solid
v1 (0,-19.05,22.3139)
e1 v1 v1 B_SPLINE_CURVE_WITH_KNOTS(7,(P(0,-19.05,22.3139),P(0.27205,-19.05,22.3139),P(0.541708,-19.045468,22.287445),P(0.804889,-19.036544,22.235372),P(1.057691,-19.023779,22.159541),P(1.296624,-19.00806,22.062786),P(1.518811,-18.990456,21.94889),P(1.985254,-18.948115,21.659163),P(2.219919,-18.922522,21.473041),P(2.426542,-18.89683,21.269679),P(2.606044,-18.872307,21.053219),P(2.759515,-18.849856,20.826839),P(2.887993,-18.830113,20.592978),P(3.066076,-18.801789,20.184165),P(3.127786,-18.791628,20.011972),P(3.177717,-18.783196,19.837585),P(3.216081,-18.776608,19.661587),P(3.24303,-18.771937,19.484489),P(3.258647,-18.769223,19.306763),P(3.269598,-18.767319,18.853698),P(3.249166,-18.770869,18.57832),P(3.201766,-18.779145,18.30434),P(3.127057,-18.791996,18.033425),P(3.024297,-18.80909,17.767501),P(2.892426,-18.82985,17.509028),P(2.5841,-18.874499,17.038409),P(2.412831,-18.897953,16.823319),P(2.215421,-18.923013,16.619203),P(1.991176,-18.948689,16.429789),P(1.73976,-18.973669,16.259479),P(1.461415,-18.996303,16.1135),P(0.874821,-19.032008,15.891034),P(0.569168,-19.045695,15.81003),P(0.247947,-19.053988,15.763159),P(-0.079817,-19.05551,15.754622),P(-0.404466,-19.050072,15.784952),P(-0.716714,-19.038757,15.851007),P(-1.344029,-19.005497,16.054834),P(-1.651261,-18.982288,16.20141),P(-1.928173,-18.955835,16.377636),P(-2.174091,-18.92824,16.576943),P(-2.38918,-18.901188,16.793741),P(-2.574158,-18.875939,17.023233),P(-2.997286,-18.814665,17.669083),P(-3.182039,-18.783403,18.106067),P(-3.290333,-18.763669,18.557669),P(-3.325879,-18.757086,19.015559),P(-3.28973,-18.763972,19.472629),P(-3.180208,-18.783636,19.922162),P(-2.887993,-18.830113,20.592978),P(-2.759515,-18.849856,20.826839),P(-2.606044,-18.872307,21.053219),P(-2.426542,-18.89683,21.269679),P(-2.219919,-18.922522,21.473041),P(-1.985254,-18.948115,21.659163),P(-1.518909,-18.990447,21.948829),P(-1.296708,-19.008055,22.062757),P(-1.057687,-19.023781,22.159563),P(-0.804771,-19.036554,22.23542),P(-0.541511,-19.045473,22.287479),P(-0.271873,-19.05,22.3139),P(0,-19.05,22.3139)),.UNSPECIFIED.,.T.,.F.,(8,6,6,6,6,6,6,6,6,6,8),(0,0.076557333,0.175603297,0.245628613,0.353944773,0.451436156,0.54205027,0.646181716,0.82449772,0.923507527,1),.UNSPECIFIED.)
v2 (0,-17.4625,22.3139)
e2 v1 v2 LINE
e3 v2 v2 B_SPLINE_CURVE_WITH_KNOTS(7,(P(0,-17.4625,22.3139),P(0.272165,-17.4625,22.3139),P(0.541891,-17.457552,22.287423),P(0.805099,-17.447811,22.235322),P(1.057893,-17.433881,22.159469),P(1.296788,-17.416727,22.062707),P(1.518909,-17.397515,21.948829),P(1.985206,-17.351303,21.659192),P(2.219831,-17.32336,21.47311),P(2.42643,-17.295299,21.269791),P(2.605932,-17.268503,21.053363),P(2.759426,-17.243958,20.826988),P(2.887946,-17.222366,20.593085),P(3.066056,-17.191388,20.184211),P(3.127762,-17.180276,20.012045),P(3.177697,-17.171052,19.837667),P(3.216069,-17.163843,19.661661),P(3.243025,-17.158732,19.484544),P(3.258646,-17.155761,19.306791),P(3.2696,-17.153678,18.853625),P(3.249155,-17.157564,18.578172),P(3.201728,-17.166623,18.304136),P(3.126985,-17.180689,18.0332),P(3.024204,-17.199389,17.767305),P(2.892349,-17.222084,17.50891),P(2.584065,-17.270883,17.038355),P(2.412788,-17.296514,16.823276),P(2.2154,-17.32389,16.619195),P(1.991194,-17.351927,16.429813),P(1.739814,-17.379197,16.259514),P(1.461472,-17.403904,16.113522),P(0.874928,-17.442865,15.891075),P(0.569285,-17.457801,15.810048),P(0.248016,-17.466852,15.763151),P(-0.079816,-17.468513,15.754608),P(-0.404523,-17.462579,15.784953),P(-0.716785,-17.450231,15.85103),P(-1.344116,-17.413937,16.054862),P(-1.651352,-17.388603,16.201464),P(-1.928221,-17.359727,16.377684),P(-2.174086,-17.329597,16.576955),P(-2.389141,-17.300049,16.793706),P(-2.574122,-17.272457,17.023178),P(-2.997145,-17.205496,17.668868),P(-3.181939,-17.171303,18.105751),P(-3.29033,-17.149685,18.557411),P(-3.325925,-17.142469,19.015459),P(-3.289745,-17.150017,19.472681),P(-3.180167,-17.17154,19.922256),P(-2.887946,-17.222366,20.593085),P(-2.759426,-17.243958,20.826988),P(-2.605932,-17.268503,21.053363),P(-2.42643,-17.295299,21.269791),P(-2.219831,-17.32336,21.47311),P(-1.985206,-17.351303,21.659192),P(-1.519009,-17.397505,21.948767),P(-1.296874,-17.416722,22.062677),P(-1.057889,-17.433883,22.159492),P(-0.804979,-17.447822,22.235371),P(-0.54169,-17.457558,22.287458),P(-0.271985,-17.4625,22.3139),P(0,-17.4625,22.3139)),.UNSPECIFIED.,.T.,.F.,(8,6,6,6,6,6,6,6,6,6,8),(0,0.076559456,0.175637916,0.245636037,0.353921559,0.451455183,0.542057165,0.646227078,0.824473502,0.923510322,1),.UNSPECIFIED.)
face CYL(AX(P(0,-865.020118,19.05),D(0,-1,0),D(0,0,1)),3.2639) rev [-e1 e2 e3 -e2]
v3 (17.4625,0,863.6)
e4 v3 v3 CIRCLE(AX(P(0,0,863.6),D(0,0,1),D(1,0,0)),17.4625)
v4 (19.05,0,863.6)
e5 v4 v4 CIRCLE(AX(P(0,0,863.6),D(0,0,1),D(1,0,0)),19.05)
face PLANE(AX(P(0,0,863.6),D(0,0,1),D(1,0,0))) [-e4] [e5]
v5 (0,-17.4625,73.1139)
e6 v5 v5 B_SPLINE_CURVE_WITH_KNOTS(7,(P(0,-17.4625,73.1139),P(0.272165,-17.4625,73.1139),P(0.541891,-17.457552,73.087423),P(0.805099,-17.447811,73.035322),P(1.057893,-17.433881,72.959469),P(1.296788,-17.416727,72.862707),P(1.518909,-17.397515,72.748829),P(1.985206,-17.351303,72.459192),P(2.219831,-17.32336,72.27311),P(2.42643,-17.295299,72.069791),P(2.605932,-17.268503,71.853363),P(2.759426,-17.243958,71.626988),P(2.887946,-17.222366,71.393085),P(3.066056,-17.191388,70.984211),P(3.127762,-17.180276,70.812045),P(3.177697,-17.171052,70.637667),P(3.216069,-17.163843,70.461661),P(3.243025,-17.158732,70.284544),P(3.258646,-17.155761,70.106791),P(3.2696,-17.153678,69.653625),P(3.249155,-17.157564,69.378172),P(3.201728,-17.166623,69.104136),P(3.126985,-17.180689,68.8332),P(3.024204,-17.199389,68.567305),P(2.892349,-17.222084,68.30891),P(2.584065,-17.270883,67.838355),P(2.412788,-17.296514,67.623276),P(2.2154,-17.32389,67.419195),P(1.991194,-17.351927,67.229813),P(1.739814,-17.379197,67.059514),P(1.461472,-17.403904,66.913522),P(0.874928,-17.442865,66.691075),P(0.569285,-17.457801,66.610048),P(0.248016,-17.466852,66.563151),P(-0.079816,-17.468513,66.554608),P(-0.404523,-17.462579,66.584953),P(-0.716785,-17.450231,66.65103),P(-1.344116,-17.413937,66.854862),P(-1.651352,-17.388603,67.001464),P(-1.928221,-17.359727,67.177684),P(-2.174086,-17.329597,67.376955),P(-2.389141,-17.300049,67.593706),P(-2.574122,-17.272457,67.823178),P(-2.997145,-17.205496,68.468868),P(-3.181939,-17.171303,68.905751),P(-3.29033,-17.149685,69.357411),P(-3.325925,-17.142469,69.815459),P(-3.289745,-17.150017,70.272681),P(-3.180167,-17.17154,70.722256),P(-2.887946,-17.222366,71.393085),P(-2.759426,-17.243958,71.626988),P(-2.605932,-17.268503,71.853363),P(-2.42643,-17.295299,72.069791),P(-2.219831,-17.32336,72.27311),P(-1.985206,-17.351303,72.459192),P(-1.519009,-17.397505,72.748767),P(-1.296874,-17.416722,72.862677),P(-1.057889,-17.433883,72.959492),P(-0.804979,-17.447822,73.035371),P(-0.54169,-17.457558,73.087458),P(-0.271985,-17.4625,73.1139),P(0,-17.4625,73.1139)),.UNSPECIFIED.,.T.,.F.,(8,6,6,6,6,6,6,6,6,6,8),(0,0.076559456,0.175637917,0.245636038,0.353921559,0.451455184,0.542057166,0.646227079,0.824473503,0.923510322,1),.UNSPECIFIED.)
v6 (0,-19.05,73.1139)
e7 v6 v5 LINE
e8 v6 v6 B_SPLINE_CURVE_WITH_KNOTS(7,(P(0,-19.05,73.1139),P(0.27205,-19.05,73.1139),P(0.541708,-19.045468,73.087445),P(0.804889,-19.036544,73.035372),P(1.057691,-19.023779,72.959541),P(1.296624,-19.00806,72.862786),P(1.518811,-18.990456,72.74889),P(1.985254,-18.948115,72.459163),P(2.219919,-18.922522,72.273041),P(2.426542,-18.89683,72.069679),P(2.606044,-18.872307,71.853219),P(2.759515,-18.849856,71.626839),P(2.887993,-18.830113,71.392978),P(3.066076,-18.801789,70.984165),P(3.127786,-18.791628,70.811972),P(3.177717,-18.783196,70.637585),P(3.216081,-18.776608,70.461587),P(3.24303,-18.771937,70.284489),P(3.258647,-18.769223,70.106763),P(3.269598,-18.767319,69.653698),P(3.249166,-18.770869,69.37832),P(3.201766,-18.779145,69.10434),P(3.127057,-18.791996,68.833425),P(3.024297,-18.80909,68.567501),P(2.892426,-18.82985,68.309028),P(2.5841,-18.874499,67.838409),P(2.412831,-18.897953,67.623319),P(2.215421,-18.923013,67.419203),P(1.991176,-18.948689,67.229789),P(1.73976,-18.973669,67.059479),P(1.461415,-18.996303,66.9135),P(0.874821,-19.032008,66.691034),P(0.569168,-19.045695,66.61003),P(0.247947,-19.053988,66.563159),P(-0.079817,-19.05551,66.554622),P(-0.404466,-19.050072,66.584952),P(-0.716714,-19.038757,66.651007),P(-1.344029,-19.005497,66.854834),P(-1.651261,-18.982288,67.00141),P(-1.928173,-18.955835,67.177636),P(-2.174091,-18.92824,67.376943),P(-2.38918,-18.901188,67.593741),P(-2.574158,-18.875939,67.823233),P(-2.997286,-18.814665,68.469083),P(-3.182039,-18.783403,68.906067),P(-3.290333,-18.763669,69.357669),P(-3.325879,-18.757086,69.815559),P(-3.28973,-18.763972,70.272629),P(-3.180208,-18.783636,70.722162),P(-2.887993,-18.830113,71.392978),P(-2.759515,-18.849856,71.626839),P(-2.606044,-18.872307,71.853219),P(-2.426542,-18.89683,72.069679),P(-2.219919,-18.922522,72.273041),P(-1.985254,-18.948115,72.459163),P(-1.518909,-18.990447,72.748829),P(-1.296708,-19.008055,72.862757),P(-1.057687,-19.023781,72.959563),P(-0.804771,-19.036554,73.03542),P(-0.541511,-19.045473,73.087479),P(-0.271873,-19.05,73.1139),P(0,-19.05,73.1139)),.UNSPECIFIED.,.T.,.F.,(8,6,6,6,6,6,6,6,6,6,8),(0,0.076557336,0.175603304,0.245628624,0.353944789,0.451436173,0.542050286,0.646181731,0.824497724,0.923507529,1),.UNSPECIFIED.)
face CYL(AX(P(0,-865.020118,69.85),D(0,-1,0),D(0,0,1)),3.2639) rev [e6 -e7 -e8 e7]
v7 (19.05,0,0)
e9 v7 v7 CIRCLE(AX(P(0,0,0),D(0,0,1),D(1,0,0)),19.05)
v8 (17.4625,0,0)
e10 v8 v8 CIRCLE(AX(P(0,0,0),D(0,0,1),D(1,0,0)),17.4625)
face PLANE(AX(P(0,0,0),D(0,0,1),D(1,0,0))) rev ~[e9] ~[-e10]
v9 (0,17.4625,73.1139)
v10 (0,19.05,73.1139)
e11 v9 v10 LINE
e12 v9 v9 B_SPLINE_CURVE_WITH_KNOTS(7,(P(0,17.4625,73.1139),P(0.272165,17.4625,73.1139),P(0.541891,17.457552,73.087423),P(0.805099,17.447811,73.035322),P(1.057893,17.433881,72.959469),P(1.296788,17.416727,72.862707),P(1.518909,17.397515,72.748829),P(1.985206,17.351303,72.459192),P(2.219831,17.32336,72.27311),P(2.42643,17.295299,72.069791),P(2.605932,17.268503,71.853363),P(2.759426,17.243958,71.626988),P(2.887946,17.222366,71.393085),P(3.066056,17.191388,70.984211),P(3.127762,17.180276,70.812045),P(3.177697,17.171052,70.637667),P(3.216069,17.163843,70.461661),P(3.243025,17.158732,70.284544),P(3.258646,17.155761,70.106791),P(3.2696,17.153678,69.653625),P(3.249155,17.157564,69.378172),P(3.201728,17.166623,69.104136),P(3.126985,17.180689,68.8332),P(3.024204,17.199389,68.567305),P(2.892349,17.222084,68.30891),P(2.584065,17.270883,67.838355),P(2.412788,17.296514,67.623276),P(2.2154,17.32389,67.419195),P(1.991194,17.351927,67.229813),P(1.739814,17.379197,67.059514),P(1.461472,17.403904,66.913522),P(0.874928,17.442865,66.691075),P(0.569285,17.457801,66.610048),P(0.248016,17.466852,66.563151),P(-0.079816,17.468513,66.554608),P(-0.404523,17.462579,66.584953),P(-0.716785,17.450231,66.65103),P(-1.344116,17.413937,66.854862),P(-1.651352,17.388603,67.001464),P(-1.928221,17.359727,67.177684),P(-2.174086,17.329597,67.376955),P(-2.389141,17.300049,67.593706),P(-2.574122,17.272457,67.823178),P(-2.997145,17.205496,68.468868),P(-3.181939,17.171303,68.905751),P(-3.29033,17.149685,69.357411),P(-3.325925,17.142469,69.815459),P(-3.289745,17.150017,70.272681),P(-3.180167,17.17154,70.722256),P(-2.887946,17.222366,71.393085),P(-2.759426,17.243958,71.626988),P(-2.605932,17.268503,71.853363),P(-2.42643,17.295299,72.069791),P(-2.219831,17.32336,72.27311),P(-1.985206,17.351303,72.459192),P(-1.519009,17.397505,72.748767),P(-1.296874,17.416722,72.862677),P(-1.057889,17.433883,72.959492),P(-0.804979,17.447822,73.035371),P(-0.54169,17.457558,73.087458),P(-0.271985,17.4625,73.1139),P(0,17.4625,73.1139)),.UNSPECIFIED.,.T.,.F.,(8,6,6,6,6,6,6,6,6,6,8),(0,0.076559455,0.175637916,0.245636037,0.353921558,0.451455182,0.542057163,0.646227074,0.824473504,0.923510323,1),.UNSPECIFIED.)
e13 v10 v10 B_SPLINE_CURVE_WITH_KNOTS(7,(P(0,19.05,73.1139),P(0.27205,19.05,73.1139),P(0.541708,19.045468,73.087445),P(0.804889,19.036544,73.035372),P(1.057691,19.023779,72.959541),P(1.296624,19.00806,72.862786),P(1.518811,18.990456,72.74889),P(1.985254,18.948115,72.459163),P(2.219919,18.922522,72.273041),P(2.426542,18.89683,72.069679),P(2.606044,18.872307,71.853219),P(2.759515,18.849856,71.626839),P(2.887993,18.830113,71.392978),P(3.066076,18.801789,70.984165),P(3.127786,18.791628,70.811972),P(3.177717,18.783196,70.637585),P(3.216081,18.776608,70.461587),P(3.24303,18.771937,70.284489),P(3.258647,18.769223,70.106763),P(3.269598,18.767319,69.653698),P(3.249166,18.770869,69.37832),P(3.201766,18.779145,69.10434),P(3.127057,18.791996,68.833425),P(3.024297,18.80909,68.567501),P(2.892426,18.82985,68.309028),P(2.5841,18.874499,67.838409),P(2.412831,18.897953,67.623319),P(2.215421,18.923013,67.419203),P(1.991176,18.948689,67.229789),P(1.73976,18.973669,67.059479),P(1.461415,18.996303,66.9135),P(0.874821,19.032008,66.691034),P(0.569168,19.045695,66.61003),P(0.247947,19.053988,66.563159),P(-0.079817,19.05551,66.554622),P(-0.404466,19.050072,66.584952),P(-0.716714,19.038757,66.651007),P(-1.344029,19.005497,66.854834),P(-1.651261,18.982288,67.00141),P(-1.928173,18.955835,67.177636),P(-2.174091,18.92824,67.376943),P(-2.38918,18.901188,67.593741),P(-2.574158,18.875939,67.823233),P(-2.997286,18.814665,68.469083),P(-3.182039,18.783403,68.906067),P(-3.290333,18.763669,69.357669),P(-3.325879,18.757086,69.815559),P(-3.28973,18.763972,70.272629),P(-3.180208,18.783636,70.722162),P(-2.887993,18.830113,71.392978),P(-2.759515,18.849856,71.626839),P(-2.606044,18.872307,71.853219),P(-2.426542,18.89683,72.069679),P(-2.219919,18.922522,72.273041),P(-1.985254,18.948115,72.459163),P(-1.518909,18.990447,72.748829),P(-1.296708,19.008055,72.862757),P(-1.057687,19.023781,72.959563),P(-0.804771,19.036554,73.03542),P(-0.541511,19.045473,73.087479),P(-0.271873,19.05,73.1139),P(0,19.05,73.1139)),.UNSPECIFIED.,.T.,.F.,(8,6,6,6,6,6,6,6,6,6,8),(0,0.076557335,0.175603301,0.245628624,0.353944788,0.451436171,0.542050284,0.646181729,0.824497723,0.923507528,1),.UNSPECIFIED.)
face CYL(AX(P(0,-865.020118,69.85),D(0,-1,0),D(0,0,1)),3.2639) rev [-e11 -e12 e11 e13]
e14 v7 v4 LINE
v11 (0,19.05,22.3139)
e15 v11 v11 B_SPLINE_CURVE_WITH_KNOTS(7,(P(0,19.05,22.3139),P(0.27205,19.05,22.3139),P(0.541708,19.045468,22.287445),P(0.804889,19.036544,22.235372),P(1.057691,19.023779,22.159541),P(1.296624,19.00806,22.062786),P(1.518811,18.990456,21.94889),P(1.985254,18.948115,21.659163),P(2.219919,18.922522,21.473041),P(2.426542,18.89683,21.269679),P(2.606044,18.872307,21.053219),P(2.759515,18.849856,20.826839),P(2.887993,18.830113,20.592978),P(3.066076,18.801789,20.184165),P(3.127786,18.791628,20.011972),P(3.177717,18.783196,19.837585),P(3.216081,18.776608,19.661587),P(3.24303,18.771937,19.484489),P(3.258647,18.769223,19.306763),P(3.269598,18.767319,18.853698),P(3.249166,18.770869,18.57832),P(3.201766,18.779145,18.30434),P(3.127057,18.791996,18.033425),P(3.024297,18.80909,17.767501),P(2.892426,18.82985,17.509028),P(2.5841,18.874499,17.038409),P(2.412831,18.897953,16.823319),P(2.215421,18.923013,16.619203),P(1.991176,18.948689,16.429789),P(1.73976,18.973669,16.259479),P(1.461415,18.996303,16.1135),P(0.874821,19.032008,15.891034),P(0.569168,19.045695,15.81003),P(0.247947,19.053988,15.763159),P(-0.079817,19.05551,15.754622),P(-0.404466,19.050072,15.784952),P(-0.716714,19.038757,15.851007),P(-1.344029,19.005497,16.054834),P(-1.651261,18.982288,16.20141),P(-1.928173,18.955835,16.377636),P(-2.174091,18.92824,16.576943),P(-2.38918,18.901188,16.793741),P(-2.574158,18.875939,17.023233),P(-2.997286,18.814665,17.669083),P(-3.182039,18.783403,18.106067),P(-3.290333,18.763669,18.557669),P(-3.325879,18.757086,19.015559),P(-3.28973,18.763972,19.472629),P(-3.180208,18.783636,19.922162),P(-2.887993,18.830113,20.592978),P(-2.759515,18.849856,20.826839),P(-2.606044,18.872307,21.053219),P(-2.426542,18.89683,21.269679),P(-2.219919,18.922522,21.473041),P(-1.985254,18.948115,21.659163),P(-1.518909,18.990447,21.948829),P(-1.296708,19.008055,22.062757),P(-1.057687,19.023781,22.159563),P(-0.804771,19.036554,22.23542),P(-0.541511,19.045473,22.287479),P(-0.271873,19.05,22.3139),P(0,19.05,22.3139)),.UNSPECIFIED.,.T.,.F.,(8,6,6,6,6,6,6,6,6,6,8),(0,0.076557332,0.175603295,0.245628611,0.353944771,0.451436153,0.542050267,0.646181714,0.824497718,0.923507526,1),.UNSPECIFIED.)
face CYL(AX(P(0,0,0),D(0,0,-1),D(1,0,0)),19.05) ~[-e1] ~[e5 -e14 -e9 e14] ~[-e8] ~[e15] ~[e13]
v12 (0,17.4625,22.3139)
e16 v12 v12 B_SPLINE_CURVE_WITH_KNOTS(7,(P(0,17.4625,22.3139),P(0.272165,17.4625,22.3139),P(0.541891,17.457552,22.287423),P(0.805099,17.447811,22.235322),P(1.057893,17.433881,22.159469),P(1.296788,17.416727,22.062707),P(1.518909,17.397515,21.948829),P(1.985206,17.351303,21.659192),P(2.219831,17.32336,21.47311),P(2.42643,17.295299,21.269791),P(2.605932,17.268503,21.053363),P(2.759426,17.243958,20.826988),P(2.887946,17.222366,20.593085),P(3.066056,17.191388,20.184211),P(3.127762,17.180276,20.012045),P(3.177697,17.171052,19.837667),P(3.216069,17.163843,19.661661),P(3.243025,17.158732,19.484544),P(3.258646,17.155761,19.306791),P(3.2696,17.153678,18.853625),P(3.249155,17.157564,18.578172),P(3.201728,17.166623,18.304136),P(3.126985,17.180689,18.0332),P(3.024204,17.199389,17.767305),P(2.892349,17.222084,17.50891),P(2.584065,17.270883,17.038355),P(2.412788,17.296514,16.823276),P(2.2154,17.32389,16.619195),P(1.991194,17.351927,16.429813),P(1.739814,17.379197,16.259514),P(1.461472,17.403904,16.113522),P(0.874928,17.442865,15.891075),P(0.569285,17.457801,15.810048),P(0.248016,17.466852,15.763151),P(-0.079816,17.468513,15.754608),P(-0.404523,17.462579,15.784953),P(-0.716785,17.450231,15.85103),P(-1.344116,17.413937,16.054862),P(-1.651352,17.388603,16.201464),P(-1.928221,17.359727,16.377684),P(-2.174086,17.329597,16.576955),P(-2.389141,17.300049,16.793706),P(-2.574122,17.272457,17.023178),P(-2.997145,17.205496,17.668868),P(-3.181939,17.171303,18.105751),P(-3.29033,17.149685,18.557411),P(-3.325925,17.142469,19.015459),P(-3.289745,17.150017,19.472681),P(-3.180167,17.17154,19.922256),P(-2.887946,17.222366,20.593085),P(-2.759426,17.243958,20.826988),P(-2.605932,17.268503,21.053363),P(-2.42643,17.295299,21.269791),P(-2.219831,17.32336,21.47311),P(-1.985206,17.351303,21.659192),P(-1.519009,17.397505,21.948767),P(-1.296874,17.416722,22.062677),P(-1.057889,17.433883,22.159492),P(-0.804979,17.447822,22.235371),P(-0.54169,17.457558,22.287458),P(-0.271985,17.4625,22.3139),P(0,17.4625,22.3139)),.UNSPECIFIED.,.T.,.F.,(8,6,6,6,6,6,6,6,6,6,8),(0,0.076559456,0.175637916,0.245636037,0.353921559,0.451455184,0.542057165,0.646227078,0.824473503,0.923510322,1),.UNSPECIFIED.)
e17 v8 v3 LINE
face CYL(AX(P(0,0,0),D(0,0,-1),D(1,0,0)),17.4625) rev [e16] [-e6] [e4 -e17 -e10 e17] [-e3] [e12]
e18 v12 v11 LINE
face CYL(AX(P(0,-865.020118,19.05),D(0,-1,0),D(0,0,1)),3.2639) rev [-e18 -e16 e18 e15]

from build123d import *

# Parameters (mm, degrees)
CROQUIS1_R                 = 19.05
CROQUIS1_R_2               = 17.4625
SALIENTE_EXTRUIR1_DEPTH    = 863.6
CORTAR_EXTRUIR1_DEPTH      = 865.0201184
CORTAR_EXTRUIR1_DEPTH_BACK = 865.0201184
CROQUIS2_R                 = 3.2639


with BuildPart() as part:
    # Croquis1 → Saliente-Extruir1 (new body)
    with BuildSketch(Plane.XY):
        Circle(CROQUIS1_R)
        Circle(CROQUIS1_R_2, mode=Mode.SUBTRACT)
    extrude(amount=SALIENTE_EXTRUIR1_DEPTH)

    # Croquis2 → Cortar-Extruir1 (cut, two sides: drawn at the far end of the back side and taken through both)
    with BuildSketch(Plane(origin=(0, 0, 0), x_dir=(1, 0, 0), z_dir=(0, 1, 0)).offset(-CORTAR_EXTRUIR1_DEPTH_BACK)):
        with Locations(Location((0, -19.05, 0), (0, 0, 270))):
            Circle(CROQUIS2_R)
        with Locations(Location((0, -69.85, 0), (0, 0, 270))):
            Circle(CROQUIS2_R)
    extrude(amount=CORTAR_EXTRUIR1_DEPTH + CORTAR_EXTRUIR1_DEPTH_BACK, mode=Mode.SUBTRACT)


solid = part.part
